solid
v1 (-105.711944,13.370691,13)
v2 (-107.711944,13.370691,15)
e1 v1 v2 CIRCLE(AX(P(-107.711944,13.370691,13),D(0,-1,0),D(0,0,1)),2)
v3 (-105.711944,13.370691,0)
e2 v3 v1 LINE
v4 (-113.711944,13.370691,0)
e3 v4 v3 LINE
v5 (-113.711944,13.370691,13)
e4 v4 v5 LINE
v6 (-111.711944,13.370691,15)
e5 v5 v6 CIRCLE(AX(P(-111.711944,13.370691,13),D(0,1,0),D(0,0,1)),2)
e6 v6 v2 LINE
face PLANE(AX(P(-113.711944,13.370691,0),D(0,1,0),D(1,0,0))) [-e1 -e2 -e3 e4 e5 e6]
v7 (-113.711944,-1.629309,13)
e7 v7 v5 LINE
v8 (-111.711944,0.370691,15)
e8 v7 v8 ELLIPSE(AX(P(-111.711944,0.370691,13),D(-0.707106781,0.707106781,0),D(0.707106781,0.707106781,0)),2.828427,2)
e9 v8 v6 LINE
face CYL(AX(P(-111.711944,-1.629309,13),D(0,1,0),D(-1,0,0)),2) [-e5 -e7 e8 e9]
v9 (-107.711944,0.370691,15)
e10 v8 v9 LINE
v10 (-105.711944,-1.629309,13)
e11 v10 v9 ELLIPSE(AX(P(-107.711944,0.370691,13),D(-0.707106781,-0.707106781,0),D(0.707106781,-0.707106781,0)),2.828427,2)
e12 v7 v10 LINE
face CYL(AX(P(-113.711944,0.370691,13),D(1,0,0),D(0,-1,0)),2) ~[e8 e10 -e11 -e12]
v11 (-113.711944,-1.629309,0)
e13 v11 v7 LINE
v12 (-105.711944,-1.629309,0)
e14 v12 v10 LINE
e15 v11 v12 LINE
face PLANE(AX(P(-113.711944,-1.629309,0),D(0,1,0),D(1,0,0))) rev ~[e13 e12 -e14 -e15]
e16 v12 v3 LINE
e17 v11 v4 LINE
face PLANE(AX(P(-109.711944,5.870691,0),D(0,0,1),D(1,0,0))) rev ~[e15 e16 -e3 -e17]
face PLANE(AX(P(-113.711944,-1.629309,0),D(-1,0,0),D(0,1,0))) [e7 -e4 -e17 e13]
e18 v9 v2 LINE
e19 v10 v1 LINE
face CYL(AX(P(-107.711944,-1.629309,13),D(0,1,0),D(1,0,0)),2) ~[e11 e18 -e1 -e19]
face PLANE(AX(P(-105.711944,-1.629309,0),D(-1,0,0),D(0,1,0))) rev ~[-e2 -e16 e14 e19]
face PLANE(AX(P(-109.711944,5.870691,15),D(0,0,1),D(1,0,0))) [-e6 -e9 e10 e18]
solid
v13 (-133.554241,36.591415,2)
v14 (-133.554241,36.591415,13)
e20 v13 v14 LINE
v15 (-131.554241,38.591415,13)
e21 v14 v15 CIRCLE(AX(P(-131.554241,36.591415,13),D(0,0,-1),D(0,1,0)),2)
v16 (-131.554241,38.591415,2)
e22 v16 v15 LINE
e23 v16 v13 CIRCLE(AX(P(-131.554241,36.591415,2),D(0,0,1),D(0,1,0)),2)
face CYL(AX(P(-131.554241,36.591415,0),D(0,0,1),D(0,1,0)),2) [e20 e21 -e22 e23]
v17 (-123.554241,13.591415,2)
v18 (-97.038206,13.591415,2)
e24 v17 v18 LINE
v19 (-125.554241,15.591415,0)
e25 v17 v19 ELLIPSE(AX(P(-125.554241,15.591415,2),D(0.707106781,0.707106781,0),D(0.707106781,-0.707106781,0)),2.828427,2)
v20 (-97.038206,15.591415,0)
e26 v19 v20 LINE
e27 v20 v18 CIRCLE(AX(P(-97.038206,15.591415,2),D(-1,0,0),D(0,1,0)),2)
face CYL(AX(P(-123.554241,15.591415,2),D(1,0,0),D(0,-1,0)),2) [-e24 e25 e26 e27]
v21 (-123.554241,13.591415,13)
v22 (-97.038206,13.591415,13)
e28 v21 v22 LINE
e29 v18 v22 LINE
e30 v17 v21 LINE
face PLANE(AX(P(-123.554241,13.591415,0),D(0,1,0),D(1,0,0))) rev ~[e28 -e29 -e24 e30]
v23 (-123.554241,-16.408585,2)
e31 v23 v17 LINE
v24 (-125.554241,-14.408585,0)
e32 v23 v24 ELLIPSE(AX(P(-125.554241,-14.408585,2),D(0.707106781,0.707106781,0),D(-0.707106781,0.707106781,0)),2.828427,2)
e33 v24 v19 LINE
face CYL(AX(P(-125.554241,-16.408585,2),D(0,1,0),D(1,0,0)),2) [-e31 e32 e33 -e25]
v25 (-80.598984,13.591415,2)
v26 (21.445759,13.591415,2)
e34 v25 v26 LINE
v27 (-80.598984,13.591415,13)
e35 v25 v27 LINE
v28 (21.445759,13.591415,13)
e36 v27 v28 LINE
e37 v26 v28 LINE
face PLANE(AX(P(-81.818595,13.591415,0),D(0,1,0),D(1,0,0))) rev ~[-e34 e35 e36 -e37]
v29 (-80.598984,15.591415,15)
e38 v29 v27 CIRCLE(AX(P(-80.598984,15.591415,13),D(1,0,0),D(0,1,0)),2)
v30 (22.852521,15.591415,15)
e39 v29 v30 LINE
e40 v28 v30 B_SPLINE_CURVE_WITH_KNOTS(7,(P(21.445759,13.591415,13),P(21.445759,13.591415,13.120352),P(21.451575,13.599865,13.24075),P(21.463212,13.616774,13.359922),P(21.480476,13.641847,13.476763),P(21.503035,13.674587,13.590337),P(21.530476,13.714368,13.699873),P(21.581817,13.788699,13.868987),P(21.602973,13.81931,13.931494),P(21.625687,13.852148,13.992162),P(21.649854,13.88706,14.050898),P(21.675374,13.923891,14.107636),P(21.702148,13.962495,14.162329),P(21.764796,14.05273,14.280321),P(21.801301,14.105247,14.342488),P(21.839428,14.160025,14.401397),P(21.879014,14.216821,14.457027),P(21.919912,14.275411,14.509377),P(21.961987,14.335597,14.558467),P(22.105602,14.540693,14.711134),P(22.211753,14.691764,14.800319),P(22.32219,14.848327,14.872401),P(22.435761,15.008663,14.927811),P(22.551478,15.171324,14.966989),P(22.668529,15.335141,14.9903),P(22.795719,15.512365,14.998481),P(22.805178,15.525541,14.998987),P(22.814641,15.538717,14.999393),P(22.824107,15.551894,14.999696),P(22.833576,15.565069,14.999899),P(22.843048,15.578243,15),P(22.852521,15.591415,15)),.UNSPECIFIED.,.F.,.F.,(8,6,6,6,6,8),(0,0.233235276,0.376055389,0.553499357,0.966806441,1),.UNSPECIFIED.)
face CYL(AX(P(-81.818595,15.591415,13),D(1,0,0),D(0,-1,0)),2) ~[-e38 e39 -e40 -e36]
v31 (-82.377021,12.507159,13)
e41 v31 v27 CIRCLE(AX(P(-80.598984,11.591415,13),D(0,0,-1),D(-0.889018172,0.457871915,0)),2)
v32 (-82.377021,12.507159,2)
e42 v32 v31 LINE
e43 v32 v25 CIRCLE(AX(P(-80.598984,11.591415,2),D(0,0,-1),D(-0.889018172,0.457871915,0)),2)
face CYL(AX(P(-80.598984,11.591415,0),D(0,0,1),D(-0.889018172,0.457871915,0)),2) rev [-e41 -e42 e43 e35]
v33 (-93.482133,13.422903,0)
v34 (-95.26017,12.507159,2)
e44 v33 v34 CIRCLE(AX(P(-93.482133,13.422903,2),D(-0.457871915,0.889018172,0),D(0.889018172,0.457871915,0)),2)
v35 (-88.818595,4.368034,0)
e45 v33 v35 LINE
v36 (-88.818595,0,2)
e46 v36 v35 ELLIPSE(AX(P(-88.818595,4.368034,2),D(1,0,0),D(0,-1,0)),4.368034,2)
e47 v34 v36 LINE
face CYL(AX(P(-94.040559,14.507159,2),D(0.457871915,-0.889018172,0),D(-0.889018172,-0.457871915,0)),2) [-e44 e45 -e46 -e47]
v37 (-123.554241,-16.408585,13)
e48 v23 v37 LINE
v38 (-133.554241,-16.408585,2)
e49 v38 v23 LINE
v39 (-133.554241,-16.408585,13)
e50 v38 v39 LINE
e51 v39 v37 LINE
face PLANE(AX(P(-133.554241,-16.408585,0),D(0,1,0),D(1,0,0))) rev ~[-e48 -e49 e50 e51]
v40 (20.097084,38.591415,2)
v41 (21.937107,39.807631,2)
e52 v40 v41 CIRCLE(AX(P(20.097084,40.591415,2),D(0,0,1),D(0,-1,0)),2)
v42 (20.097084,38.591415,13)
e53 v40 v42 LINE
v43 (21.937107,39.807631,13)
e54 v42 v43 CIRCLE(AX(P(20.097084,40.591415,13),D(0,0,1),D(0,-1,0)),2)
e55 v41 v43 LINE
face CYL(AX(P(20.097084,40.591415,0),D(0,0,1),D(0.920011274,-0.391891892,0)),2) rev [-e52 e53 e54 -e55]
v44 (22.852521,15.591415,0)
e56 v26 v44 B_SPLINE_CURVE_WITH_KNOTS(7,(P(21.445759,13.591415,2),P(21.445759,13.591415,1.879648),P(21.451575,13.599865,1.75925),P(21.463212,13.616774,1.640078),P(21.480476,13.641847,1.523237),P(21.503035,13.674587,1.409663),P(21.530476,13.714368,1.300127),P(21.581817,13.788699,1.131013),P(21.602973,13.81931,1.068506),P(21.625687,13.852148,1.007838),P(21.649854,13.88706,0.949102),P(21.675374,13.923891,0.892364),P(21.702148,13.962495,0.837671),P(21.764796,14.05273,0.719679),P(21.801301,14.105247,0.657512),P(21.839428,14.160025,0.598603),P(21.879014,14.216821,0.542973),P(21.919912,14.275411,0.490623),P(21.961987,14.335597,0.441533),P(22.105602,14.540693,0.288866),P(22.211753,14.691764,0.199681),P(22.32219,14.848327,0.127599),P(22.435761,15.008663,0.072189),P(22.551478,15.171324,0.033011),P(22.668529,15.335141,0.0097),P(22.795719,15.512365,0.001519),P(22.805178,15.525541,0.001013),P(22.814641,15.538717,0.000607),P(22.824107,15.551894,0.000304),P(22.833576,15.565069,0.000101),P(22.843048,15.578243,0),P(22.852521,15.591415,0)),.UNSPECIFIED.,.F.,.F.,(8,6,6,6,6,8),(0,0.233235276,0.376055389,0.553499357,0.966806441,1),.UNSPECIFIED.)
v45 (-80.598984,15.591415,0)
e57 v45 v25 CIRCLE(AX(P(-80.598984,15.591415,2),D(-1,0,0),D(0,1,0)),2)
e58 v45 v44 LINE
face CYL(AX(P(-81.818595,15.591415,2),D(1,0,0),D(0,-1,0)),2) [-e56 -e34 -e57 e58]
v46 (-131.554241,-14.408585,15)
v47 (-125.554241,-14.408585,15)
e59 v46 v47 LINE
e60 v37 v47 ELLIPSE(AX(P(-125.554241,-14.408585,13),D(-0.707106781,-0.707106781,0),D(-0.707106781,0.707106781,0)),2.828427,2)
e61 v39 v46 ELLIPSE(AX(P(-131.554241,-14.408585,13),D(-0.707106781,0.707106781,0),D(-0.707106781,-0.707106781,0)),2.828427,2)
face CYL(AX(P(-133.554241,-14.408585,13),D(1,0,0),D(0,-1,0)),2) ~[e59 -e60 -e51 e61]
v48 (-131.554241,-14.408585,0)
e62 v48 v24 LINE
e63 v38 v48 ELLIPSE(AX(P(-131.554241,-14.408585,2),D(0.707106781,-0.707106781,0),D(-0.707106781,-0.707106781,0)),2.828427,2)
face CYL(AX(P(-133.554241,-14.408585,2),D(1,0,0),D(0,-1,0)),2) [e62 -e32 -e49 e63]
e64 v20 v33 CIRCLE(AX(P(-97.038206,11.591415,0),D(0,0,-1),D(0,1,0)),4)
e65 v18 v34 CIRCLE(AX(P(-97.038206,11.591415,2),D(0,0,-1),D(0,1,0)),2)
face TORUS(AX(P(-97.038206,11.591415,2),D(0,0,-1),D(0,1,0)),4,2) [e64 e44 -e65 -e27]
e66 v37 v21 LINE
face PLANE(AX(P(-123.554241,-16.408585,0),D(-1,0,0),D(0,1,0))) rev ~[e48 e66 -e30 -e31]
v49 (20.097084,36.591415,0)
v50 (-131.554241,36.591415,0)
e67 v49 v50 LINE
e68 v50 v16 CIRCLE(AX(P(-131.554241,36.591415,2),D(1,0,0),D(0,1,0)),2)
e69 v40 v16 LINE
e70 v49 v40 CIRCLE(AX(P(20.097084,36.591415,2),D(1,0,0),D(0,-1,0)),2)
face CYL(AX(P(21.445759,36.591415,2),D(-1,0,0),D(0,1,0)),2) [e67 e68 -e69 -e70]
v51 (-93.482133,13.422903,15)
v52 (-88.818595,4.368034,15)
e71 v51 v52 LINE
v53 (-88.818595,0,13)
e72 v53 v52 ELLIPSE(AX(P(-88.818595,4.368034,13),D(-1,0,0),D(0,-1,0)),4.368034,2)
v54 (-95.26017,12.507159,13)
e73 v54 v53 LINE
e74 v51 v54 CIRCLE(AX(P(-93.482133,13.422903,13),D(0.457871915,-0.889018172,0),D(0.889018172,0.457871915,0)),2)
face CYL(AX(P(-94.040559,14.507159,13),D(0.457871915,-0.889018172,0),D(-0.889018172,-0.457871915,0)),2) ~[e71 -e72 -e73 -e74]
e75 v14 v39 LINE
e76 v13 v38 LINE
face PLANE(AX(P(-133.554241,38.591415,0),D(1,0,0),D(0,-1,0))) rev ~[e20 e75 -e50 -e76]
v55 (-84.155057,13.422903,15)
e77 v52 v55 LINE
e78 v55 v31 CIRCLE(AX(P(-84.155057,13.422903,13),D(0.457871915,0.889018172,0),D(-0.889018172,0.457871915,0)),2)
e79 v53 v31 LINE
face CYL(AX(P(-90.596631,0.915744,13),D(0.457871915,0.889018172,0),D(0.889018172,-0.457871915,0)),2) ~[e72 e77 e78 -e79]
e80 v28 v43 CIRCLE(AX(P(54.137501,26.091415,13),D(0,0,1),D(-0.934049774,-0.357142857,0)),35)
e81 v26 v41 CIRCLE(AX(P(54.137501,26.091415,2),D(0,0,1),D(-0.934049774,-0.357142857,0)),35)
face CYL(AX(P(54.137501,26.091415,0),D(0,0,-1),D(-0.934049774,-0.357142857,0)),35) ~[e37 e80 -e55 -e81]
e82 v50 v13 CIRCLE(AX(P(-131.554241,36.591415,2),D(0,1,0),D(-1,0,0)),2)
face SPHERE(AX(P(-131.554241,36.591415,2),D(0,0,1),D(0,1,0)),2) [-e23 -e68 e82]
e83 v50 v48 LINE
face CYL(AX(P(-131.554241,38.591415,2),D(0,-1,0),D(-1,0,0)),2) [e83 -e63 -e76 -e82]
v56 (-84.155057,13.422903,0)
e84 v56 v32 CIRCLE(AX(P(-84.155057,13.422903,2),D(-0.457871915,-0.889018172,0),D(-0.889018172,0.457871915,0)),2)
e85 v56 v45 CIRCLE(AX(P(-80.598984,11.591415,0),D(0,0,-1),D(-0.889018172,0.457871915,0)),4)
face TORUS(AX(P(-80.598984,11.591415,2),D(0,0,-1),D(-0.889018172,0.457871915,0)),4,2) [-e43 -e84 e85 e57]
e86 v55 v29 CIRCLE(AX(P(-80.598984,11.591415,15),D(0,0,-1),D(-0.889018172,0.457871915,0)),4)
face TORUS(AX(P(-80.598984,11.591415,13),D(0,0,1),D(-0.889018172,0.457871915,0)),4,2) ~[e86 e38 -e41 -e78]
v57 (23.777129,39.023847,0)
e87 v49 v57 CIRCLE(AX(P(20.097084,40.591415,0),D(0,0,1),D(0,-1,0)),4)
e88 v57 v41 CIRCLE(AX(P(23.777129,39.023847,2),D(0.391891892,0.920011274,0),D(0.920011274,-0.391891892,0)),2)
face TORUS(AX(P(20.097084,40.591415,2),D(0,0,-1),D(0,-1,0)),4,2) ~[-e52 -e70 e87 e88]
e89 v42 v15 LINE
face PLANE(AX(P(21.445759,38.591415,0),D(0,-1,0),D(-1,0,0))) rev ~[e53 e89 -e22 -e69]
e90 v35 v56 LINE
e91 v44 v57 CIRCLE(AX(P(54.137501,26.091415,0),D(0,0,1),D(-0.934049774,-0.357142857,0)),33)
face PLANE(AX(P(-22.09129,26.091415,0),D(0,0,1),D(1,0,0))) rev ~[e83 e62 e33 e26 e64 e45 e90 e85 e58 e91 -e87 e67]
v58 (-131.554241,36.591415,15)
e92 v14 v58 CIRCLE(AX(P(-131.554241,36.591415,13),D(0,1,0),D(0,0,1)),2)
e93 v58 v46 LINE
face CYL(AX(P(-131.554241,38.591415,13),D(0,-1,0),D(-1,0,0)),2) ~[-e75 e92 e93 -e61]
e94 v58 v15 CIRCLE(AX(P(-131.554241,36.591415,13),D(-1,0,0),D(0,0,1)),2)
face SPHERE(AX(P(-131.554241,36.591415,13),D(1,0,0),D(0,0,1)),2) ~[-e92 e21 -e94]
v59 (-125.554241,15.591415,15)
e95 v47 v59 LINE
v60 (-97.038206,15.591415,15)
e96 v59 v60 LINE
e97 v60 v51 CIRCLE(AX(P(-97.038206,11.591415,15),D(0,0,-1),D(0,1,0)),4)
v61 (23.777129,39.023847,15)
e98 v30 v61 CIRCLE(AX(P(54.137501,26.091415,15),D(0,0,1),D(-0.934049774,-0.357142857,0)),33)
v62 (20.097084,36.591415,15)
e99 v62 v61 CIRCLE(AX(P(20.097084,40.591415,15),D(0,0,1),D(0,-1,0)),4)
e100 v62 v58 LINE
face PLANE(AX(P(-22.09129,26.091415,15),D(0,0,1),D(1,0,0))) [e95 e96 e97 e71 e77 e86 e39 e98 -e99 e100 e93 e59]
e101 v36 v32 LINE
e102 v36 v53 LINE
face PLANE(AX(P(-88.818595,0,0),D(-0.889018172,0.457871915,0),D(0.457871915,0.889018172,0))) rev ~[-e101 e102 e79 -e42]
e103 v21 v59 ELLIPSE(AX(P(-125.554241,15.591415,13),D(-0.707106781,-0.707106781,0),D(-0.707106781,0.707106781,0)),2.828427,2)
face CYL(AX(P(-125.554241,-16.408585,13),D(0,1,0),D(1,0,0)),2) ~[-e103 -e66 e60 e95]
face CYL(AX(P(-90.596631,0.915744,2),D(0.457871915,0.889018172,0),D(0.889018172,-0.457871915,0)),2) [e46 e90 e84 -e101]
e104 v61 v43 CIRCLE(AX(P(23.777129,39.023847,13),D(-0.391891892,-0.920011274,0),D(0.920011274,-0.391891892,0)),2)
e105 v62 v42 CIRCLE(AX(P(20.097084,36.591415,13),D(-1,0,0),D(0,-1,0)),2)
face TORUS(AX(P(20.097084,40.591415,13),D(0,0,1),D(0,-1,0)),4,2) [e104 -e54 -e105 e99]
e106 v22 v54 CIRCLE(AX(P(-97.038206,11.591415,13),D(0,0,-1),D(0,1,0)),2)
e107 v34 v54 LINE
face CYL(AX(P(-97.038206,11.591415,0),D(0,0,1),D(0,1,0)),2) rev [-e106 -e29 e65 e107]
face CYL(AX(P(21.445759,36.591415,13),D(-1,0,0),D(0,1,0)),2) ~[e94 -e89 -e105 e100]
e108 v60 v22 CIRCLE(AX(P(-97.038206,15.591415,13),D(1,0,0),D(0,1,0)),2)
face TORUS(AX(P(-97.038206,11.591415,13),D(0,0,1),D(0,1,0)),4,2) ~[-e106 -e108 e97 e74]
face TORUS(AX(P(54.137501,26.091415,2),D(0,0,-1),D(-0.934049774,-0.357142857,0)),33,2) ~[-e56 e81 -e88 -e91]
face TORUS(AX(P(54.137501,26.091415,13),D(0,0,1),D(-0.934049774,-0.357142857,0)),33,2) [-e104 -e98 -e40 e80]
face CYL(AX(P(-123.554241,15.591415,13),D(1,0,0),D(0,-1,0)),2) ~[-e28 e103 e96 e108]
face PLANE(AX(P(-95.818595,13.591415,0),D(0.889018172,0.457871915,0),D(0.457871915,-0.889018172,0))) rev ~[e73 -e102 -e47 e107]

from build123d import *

# Parameters (mm, degrees)
F0_R     = 17.5
F0_W     = 10
F0_H     = 30
F1_DEPTH = 15
F0_W_2   = 8
F0_H_2   = 15
F2_R     = 2
F2_2_R   = 2


with BuildPart() as f1:
    # F0 (on Top) → F1 (new body)
    with BuildSketch(Plane.XY):
        with BuildLine():
            ThreePointArc((21.4457591921, 13.591414988), (89.1375012687, 26.091414988), (21.4457591921, 38.591414988))
            Line((21.4457591921, 38.591414988), (-133.5542408079, 38.591414988))
            Line((-133.5542408079, 38.591414988), (-133.5542408079, 13.591414988))
            Line((-133.5542408079, 13.591414988), (-123.5542408079, 13.591414988))
            Line((-123.5542408079, 13.591414988), (-95.8185951093, 13.591414988))
            Line((-95.8185951093, 13.591414988), (-81.8185951093, 13.591414988))
            Line((-81.8185951093, 13.591414988), (21.4457591921, 13.591414988))
        make_face()
        with Locations((54.1375012687, 26.091414988)):
            Circle(F0_R, mode=Mode.SUBTRACT)
        with Locations((-128.5542408079, -1.408585012)):
            Rectangle(F0_W, F0_H)
        Polygon((-88.8185951093, 0), (-81.8185951093, 13.591414988), (-95.8185951093, 13.591414988), align=None)
        with Locations((54.1375012687, 26.091414988)):
            Circle(F0_R)
    extrude(amount=F1_DEPTH)

    # F2
    f2_edges = [f1.edges().sort_by_distance(p)[0] for p in [
        (-56.054241, 38.591415, 15),
        (-133.554241, 11.091415, 15),
        (-123.554241, -1.408585, 15),
        (-109.686418, 13.591415, 15),
        (-92.318595, 6.795707, 15),
        (-85.318595, 6.795707, 15),
        (-30.186418, 13.591415, 15),
        (89.137501, 26.091415, 15),
        (21.445759, 38.591415, 7.5),
        (-133.554241, 38.591415, 7.5),
        (-56.054241, 38.591415, 0),
        (89.137501, 26.091415, 0),
        (-109.686418, 13.591415, 0),
        (-123.554241, -1.408585, 0),
        (-92.318595, 6.795707, 0),
        (-95.818595, 13.591415, 7.5),
        (-81.818595, 13.591415, 7.5),
        (-85.318595, 6.795707, 0),
        (-128.554241, -16.408585, 15),
        (-133.554241, 11.091415, 0),
        (-128.554241, -16.408585, 0),
        (-30.186418, 13.591415, 0),
    ]]
    fillet(f2_edges, radius=F2_R)


with BuildPart() as f1b:
    # F0 (on Top) → F1, piece 2 (new body)
    with BuildSketch(Plane.XY):
        with Locations((-109.7119444013, 5.8706905041)):
            Rectangle(F0_W_2, F0_H_2)
    extrude(amount=F1_DEPTH)

    # F2#2
    f2_2_edges = [f1b.edges().sort_by_distance(p)[0] for p in [
        (-113.711944, 5.870691, 15),
        (-109.711944, -1.629309, 15),
        (-105.711944, 5.870691, 15),
    ]]
    fillet(f2_2_edges, radius=F2_2_R)


solid = Compound([f1.part, f1b.part])
